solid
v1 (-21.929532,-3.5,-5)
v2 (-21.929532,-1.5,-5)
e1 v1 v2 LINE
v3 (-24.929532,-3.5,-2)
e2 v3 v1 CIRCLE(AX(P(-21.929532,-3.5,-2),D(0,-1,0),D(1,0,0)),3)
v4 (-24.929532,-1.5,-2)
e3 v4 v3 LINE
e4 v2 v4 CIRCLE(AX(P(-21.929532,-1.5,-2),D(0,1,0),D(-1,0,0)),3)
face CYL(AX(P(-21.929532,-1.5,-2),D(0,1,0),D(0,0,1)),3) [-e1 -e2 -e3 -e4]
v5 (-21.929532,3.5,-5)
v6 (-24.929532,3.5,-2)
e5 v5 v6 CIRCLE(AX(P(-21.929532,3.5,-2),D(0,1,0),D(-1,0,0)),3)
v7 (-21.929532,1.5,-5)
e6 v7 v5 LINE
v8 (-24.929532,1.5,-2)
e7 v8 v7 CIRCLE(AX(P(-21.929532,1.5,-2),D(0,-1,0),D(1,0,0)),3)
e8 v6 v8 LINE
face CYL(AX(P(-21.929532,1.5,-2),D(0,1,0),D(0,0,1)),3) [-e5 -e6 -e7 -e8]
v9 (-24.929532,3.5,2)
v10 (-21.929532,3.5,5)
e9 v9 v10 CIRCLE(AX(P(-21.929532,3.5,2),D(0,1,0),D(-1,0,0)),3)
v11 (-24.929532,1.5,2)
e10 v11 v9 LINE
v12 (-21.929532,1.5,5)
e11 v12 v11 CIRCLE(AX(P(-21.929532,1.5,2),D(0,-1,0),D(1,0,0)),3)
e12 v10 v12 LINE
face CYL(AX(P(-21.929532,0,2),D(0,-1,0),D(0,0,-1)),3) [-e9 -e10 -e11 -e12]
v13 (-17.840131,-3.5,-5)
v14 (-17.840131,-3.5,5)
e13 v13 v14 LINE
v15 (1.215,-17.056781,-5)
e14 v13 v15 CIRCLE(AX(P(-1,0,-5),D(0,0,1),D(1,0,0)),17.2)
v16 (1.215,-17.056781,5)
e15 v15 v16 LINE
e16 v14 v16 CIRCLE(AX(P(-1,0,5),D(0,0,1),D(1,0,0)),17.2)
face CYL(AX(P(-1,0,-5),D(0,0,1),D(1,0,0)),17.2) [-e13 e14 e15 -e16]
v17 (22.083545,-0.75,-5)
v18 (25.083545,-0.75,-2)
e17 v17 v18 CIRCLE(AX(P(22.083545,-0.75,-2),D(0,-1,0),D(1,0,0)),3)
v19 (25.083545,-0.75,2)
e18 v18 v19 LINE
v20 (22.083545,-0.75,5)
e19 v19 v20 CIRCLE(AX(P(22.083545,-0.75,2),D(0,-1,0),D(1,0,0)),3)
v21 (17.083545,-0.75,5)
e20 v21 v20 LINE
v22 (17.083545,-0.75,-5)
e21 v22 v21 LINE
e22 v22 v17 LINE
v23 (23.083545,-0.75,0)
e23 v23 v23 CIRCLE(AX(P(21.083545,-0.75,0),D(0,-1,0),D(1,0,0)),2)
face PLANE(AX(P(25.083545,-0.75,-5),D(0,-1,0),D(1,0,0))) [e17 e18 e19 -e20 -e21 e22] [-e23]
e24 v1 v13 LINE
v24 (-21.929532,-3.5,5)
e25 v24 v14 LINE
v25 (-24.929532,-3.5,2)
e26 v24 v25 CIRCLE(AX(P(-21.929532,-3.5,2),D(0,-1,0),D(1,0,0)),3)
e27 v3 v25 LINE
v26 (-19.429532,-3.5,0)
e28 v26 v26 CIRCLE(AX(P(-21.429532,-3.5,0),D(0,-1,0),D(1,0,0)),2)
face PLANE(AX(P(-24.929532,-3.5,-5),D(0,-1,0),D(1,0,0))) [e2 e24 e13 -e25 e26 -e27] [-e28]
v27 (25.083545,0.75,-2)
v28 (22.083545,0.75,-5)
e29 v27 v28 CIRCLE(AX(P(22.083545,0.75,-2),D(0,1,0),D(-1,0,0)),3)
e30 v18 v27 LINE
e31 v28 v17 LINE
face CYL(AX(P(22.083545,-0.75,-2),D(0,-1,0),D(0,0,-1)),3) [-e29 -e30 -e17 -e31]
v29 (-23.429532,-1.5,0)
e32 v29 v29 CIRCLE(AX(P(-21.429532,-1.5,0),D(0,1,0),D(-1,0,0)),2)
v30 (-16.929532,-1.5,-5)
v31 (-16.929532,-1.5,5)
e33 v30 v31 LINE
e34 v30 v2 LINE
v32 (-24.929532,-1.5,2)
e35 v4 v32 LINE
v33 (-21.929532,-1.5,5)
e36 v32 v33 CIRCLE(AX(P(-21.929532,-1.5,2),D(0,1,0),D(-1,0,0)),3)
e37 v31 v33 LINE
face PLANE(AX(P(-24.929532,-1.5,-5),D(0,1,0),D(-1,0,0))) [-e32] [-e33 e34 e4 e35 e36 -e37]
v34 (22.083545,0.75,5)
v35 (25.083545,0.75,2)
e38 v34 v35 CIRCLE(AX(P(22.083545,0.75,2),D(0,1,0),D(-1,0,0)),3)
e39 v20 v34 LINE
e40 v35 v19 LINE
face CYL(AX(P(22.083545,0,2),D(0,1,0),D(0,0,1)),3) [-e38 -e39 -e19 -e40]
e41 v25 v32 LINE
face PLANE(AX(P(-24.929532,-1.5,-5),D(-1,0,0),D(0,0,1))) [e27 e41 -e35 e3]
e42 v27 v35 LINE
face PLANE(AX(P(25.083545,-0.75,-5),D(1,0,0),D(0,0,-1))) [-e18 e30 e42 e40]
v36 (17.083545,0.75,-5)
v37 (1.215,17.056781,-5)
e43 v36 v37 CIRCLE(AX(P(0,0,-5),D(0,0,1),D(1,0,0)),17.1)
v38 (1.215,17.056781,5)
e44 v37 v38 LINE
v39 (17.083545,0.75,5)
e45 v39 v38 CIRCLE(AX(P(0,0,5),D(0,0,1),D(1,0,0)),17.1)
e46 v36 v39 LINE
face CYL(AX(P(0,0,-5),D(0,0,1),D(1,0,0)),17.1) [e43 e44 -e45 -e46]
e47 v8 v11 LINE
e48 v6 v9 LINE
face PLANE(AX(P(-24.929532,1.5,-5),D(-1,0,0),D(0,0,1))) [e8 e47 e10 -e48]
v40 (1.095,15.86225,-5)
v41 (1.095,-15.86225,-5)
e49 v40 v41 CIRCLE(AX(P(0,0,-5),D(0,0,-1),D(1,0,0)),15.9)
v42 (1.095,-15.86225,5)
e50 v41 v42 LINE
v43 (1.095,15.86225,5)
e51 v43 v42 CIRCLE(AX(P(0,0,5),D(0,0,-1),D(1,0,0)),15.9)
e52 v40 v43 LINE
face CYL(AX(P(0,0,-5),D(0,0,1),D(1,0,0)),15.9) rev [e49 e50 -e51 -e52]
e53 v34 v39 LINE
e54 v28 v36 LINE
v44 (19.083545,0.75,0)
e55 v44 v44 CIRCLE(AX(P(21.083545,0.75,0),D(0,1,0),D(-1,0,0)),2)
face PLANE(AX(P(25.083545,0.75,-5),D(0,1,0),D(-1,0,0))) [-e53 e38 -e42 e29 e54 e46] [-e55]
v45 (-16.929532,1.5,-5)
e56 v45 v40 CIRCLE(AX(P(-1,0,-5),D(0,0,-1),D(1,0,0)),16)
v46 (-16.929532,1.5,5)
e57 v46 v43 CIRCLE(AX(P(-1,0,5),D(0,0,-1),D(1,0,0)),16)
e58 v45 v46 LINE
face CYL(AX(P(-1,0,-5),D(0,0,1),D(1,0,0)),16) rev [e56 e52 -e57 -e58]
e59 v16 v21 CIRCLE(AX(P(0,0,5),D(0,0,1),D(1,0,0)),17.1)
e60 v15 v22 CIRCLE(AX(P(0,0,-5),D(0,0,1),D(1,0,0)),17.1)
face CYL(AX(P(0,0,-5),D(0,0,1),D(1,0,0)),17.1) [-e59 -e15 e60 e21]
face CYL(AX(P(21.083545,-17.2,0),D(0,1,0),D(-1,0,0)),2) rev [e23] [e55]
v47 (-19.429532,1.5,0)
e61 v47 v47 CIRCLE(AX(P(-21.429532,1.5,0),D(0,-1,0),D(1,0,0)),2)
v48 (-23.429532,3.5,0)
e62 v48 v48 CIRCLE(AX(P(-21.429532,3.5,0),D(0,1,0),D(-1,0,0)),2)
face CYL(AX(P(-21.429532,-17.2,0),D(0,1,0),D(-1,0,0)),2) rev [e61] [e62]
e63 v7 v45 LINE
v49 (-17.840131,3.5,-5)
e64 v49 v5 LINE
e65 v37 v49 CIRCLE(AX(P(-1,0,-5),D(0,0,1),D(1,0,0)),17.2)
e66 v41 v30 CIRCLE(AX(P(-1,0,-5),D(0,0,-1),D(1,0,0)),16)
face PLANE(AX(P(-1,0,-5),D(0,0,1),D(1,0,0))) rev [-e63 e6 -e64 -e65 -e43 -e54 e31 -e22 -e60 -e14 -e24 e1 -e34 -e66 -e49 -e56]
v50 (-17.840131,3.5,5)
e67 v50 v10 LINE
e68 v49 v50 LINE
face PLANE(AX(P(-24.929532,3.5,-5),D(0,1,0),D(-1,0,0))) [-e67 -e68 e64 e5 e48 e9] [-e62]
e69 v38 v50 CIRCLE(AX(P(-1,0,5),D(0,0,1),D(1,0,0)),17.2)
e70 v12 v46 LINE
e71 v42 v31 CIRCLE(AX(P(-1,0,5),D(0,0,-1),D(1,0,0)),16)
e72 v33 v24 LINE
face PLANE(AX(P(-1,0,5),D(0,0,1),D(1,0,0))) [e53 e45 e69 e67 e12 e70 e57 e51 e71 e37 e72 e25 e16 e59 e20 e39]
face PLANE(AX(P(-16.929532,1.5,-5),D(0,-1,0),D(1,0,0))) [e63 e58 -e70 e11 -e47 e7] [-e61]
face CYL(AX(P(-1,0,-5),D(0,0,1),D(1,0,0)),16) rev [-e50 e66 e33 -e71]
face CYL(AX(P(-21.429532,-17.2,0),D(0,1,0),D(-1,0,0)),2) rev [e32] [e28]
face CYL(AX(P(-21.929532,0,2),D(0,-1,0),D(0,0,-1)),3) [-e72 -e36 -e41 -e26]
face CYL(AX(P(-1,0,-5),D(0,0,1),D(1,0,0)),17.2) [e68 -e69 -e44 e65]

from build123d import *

# Parameters (mm, degrees)
BOSS_EXTRUDE2_DEPTH      = 5
BOSS_EXTRUDE2_DEPTH_BACK = 5
CUT_EXTRUDE1_DEPTH       = 33.786759245
CUT_EXTRUDE1_DEPTH_BACK  = 33.786759245
SKETCH2_R                = 2
BOSS_EXTRUDE3_DEPTH      = 5
BOSS_EXTRUDE3_DEPTH_BACK = 5
SKETCH3_W                = 8
SKETCH3_H                = 1.5
CUT_EXTRUDE2_DEPTH       = 32.24718732
CUT_EXTRUDE2_DEPTH_BACK  = 32.24718732
SKETCH4_R                = 2
FILLET1_R                = 3


with BuildPart() as part:
    # Sketch1 → Boss-Extrude2 (new, two sides: drawn at the far end of the back side and taken through both)
    with BuildSketch(Plane.XY.offset(-BOSS_EXTRUDE2_DEPTH_BACK)):
        with BuildLine():
            Line((-16.929532322, 1.5), (-24.929532322, 1.5))
            Line((-24.929532322, 1.5), (-24.929532322, 3.5))
            Line((-24.929532322, 3.5), (-17.840130641, 3.5))
            ThreePointArc((-17.840130641, 3.5), (-10.970967291, 14.01498524), (1.215, 17.05678091))
            ThreePointArc((1.215, 17.05678091), (17.1, 0), (1.215, -17.05678091))
            ThreePointArc((1.215, -17.05678091), (-10.970967291, -14.01498524), (-17.840130641, -3.5))
            Line((-17.840130641, -3.5), (-24.929532322, -3.5))
            Line((-24.929532322, -3.5), (-24.929532322, -1.5))
            Line((-24.929532322, -1.5), (-16.929532322, -1.5))
            ThreePointArc((-16.929532322, -1.5), (-10.970813778, -12.51330782), (1.095, -15.862249998))
            ThreePointArc((1.095, -15.862249998), (15.9, 0), (1.095, 15.862249998))
            ThreePointArc((1.095, 15.862249998), (-10.970813778, 12.51330782), (-16.929532322, 1.5))
        make_face()
    extrude(amount=BOSS_EXTRUDE2_DEPTH + BOSS_EXTRUDE2_DEPTH_BACK)

    # Sketch2 → Cut-Extrude1 (cut, two sides: drawn at the far end of the back side and taken through both)
    with BuildSketch(Plane(origin=(0, 3.5, 0), x_dir=(1, 0, 0), z_dir=(0, 1, 0)).offset(-CUT_EXTRUDE1_DEPTH_BACK)):
        with Locations((-21.429532322, 0)):
            Circle(SKETCH2_R)
    extrude(amount=CUT_EXTRUDE1_DEPTH + CUT_EXTRUDE1_DEPTH_BACK, mode=Mode.SUBTRACT)

    # Sketch3 → Boss-Extrude3 (add, two sides: drawn at the far end of the back side and taken through both)
    with BuildSketch(Plane.XY.offset(-BOSS_EXTRUDE3_DEPTH_BACK)):
        with Locations((21.083544714, 0)):
            Rectangle(SKETCH3_W, SKETCH3_H)
    extrude(amount=BOSS_EXTRUDE3_DEPTH + BOSS_EXTRUDE3_DEPTH_BACK)

    # Sketch4 → Cut-Extrude2 (cut, two sides: drawn at the far end of the back side and taken through both)
    with BuildSketch(Plane(origin=(0, 0.75, 0), x_dir=(1, 0, 0), z_dir=(0, 1, 0)).offset(-CUT_EXTRUDE2_DEPTH_BACK)):
        with Locations((21.083544714, 0)):
            Circle(SKETCH4_R)
    extrude(amount=CUT_EXTRUDE2_DEPTH + CUT_EXTRUDE2_DEPTH_BACK, mode=Mode.SUBTRACT)

    # Fillet1
    fillet1_edges = [part.edges().sort_by_distance(p)[0] for p in [
        (-24.929532322, -2.5, -5),
        (-24.929532322, 2.5, -5),
        (-24.929532322, -2.5, 5),
        (-24.929532322, 2.5, 5),
        (25.083544714, 0, 5),
        (25.083544714, 0, -5),
    ]]
    fillet(fillet1_edges, radius=FILLET1_R)


solid = part.part
